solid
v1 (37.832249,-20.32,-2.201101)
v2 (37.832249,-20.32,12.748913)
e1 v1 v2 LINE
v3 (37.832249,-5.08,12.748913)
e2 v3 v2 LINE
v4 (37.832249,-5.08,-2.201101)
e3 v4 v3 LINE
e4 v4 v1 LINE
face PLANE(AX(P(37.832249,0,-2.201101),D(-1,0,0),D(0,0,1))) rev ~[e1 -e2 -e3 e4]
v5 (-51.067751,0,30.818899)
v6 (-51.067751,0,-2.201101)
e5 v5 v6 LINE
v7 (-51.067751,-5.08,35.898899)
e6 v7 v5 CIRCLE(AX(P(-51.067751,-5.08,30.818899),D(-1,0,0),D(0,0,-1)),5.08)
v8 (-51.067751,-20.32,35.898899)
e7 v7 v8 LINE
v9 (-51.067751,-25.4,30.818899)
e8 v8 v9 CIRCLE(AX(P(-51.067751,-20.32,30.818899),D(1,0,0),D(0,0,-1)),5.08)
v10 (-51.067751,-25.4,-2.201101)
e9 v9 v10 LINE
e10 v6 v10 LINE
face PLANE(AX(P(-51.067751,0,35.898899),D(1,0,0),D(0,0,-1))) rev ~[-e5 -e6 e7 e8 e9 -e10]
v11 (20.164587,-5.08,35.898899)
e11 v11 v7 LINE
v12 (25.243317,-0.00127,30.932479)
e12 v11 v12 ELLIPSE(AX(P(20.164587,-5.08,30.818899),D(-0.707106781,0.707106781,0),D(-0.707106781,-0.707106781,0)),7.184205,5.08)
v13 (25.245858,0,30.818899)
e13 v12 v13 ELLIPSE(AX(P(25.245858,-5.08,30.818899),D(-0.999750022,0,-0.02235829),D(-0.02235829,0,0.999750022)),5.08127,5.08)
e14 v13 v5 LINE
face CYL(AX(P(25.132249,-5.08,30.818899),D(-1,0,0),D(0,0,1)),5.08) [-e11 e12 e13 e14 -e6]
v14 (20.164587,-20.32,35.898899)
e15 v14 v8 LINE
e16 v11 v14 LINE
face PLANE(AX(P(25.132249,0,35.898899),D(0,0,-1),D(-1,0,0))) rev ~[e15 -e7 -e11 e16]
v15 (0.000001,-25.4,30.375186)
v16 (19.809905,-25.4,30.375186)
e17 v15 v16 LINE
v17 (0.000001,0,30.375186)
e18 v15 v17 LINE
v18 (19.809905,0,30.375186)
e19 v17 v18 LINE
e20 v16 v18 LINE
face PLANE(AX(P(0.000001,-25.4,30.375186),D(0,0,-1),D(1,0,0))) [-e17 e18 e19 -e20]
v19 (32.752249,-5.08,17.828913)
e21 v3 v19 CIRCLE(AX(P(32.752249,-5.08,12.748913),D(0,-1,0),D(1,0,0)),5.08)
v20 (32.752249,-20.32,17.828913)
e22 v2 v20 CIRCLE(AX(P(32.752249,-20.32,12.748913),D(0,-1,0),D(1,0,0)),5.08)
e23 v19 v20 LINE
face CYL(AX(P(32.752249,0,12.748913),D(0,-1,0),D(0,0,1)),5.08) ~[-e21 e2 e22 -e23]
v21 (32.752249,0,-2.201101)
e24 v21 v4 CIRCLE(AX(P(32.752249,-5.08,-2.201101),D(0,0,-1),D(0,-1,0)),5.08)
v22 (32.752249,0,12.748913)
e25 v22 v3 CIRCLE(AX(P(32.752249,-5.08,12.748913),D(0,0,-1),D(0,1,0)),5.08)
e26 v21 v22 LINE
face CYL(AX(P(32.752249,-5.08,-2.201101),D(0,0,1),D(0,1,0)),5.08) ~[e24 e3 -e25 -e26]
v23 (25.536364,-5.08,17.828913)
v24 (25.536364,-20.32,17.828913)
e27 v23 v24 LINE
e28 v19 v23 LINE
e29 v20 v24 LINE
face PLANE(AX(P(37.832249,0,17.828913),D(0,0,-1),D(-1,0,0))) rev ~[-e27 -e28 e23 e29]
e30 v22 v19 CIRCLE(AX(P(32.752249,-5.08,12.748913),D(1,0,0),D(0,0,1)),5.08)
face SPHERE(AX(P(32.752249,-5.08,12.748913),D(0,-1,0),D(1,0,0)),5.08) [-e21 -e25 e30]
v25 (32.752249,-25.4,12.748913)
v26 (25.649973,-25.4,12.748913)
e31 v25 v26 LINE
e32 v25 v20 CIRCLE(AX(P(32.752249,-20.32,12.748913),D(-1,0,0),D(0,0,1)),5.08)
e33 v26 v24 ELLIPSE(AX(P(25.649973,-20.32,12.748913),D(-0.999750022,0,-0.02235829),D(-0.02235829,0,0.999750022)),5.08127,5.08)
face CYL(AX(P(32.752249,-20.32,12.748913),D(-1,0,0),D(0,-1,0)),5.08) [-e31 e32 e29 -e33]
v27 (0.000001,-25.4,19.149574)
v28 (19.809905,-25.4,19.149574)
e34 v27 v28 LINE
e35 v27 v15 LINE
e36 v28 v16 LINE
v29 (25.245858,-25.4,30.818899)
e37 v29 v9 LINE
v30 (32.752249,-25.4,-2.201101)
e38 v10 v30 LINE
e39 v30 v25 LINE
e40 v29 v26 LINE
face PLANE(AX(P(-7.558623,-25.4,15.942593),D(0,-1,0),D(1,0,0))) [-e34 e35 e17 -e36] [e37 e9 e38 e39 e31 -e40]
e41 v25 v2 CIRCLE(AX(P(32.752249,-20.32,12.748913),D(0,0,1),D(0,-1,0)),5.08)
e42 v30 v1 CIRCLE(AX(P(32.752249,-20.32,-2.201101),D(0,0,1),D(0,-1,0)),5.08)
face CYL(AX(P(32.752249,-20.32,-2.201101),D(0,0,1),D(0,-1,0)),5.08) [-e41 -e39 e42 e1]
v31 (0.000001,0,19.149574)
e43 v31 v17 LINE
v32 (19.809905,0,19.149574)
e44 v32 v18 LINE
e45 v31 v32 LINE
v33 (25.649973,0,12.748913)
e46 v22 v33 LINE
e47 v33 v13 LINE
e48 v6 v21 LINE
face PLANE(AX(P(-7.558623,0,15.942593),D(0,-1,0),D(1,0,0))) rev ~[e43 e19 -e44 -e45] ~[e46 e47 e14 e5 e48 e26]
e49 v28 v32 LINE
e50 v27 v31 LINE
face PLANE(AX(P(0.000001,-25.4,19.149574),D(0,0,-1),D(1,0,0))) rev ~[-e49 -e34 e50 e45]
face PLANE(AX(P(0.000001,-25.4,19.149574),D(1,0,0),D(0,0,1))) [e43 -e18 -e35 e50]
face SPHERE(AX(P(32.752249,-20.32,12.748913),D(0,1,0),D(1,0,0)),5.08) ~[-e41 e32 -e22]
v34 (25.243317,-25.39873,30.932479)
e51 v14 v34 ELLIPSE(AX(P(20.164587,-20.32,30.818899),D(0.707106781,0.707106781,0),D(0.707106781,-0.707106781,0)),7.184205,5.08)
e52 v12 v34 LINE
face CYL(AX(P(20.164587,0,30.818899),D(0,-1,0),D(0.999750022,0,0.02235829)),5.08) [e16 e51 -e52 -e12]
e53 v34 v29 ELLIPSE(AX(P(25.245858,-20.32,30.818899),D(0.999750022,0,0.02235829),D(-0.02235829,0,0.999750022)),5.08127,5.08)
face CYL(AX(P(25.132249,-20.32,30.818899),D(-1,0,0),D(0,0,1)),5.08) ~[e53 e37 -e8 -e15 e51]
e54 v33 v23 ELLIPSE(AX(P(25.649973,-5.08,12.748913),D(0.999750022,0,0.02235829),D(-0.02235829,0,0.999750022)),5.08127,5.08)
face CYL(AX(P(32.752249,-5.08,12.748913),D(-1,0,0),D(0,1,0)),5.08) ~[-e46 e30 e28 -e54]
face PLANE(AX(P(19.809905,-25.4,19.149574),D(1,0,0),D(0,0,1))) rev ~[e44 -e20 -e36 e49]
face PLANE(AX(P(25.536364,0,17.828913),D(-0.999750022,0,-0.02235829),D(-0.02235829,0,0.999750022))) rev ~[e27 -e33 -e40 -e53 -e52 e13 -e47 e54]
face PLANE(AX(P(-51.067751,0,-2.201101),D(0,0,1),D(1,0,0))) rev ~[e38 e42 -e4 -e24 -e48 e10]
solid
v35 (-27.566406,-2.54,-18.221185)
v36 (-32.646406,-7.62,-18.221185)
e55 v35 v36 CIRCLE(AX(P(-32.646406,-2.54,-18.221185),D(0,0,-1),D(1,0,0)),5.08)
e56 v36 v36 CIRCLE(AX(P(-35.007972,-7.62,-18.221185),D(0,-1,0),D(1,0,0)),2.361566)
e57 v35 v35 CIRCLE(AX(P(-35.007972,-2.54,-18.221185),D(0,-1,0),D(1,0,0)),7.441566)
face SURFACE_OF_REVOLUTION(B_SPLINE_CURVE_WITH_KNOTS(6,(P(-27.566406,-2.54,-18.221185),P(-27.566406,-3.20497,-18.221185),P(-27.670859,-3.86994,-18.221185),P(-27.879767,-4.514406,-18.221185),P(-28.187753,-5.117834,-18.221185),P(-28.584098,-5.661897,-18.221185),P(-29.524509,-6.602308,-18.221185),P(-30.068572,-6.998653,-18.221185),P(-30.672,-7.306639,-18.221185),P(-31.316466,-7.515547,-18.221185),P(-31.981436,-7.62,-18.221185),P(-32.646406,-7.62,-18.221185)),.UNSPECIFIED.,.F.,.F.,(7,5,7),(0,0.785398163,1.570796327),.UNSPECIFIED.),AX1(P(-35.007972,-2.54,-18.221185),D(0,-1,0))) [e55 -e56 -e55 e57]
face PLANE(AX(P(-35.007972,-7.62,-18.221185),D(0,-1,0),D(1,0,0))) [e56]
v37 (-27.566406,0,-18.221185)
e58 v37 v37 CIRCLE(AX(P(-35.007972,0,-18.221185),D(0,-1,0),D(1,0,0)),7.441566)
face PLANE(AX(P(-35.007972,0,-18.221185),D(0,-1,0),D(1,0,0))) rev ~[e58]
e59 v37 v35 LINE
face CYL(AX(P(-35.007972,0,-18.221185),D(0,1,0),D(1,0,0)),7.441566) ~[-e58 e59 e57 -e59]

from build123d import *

# Parameters (mm, degrees)
F1_DEPTH = 25.4
F2_W     = 19.809905
F2_H     = 11.225612
F3_DEPTH = 25.4
F4_R     = 7.441566
F5_DEPTH = 7.62
F6_R     = 5.08
F7_R     = 5.08
F8_R     = 5.08


with BuildPart() as f1:
    # F0 (on Front) → F1 (new body)
    with BuildSketch(Plane.XZ):
        Polygon((25.536364, 17.828913), (25.132249, 35.898899), (-51.067751, 35.898899), (-51.067751, -2.201101), (37.832249, -2.201101), (37.832249, 17.828913), align=None)
    extrude(amount=F1_DEPTH)

    # F2 (on face) → F3 (cut)
    with BuildSketch(Plane.XZ.offset(25.4)):
        with Locations((9.904953, 24.76238)):
            Rectangle(F2_W, F2_H)
    extrude(amount=-F3_DEPTH, mode=Mode.SUBTRACT)

    # F7
    f7_edges = [f1.edges().sort_by_distance(p)[0] for p in [
        (37.832249, -12.7, 17.828913),
        (-12.967751, 0, 35.898899),
        (25.132249, -12.7, 35.898899),
        (-12.967751, -25.4, 35.898899),
    ]]
    fillet(f7_edges, radius=F7_R)

    # F8
    f8_edges = [f1.edges().sort_by_distance(p)[0] for p in [
        (37.832249, 0, 5.273906),
        (37.832249, -25.4, 5.273906),
    ]]
    fillet(f8_edges, radius=F8_R)


with BuildPart() as f5:
    # F4 (on Front) → F5 (new body)
    with BuildSketch(Plane.XZ):
        with Locations((-35.007972, -18.221185)):
            Circle(F4_R)
    extrude(amount=F5_DEPTH)

    # F6
    f6_edges = [f5.edges().sort_by_distance(p)[0] for p in [
        (-42.449538, -7.62, -18.221185),
    ]]
    fillet(f6_edges, radius=F6_R)


solid = Compound([f1.part, f5.part])
